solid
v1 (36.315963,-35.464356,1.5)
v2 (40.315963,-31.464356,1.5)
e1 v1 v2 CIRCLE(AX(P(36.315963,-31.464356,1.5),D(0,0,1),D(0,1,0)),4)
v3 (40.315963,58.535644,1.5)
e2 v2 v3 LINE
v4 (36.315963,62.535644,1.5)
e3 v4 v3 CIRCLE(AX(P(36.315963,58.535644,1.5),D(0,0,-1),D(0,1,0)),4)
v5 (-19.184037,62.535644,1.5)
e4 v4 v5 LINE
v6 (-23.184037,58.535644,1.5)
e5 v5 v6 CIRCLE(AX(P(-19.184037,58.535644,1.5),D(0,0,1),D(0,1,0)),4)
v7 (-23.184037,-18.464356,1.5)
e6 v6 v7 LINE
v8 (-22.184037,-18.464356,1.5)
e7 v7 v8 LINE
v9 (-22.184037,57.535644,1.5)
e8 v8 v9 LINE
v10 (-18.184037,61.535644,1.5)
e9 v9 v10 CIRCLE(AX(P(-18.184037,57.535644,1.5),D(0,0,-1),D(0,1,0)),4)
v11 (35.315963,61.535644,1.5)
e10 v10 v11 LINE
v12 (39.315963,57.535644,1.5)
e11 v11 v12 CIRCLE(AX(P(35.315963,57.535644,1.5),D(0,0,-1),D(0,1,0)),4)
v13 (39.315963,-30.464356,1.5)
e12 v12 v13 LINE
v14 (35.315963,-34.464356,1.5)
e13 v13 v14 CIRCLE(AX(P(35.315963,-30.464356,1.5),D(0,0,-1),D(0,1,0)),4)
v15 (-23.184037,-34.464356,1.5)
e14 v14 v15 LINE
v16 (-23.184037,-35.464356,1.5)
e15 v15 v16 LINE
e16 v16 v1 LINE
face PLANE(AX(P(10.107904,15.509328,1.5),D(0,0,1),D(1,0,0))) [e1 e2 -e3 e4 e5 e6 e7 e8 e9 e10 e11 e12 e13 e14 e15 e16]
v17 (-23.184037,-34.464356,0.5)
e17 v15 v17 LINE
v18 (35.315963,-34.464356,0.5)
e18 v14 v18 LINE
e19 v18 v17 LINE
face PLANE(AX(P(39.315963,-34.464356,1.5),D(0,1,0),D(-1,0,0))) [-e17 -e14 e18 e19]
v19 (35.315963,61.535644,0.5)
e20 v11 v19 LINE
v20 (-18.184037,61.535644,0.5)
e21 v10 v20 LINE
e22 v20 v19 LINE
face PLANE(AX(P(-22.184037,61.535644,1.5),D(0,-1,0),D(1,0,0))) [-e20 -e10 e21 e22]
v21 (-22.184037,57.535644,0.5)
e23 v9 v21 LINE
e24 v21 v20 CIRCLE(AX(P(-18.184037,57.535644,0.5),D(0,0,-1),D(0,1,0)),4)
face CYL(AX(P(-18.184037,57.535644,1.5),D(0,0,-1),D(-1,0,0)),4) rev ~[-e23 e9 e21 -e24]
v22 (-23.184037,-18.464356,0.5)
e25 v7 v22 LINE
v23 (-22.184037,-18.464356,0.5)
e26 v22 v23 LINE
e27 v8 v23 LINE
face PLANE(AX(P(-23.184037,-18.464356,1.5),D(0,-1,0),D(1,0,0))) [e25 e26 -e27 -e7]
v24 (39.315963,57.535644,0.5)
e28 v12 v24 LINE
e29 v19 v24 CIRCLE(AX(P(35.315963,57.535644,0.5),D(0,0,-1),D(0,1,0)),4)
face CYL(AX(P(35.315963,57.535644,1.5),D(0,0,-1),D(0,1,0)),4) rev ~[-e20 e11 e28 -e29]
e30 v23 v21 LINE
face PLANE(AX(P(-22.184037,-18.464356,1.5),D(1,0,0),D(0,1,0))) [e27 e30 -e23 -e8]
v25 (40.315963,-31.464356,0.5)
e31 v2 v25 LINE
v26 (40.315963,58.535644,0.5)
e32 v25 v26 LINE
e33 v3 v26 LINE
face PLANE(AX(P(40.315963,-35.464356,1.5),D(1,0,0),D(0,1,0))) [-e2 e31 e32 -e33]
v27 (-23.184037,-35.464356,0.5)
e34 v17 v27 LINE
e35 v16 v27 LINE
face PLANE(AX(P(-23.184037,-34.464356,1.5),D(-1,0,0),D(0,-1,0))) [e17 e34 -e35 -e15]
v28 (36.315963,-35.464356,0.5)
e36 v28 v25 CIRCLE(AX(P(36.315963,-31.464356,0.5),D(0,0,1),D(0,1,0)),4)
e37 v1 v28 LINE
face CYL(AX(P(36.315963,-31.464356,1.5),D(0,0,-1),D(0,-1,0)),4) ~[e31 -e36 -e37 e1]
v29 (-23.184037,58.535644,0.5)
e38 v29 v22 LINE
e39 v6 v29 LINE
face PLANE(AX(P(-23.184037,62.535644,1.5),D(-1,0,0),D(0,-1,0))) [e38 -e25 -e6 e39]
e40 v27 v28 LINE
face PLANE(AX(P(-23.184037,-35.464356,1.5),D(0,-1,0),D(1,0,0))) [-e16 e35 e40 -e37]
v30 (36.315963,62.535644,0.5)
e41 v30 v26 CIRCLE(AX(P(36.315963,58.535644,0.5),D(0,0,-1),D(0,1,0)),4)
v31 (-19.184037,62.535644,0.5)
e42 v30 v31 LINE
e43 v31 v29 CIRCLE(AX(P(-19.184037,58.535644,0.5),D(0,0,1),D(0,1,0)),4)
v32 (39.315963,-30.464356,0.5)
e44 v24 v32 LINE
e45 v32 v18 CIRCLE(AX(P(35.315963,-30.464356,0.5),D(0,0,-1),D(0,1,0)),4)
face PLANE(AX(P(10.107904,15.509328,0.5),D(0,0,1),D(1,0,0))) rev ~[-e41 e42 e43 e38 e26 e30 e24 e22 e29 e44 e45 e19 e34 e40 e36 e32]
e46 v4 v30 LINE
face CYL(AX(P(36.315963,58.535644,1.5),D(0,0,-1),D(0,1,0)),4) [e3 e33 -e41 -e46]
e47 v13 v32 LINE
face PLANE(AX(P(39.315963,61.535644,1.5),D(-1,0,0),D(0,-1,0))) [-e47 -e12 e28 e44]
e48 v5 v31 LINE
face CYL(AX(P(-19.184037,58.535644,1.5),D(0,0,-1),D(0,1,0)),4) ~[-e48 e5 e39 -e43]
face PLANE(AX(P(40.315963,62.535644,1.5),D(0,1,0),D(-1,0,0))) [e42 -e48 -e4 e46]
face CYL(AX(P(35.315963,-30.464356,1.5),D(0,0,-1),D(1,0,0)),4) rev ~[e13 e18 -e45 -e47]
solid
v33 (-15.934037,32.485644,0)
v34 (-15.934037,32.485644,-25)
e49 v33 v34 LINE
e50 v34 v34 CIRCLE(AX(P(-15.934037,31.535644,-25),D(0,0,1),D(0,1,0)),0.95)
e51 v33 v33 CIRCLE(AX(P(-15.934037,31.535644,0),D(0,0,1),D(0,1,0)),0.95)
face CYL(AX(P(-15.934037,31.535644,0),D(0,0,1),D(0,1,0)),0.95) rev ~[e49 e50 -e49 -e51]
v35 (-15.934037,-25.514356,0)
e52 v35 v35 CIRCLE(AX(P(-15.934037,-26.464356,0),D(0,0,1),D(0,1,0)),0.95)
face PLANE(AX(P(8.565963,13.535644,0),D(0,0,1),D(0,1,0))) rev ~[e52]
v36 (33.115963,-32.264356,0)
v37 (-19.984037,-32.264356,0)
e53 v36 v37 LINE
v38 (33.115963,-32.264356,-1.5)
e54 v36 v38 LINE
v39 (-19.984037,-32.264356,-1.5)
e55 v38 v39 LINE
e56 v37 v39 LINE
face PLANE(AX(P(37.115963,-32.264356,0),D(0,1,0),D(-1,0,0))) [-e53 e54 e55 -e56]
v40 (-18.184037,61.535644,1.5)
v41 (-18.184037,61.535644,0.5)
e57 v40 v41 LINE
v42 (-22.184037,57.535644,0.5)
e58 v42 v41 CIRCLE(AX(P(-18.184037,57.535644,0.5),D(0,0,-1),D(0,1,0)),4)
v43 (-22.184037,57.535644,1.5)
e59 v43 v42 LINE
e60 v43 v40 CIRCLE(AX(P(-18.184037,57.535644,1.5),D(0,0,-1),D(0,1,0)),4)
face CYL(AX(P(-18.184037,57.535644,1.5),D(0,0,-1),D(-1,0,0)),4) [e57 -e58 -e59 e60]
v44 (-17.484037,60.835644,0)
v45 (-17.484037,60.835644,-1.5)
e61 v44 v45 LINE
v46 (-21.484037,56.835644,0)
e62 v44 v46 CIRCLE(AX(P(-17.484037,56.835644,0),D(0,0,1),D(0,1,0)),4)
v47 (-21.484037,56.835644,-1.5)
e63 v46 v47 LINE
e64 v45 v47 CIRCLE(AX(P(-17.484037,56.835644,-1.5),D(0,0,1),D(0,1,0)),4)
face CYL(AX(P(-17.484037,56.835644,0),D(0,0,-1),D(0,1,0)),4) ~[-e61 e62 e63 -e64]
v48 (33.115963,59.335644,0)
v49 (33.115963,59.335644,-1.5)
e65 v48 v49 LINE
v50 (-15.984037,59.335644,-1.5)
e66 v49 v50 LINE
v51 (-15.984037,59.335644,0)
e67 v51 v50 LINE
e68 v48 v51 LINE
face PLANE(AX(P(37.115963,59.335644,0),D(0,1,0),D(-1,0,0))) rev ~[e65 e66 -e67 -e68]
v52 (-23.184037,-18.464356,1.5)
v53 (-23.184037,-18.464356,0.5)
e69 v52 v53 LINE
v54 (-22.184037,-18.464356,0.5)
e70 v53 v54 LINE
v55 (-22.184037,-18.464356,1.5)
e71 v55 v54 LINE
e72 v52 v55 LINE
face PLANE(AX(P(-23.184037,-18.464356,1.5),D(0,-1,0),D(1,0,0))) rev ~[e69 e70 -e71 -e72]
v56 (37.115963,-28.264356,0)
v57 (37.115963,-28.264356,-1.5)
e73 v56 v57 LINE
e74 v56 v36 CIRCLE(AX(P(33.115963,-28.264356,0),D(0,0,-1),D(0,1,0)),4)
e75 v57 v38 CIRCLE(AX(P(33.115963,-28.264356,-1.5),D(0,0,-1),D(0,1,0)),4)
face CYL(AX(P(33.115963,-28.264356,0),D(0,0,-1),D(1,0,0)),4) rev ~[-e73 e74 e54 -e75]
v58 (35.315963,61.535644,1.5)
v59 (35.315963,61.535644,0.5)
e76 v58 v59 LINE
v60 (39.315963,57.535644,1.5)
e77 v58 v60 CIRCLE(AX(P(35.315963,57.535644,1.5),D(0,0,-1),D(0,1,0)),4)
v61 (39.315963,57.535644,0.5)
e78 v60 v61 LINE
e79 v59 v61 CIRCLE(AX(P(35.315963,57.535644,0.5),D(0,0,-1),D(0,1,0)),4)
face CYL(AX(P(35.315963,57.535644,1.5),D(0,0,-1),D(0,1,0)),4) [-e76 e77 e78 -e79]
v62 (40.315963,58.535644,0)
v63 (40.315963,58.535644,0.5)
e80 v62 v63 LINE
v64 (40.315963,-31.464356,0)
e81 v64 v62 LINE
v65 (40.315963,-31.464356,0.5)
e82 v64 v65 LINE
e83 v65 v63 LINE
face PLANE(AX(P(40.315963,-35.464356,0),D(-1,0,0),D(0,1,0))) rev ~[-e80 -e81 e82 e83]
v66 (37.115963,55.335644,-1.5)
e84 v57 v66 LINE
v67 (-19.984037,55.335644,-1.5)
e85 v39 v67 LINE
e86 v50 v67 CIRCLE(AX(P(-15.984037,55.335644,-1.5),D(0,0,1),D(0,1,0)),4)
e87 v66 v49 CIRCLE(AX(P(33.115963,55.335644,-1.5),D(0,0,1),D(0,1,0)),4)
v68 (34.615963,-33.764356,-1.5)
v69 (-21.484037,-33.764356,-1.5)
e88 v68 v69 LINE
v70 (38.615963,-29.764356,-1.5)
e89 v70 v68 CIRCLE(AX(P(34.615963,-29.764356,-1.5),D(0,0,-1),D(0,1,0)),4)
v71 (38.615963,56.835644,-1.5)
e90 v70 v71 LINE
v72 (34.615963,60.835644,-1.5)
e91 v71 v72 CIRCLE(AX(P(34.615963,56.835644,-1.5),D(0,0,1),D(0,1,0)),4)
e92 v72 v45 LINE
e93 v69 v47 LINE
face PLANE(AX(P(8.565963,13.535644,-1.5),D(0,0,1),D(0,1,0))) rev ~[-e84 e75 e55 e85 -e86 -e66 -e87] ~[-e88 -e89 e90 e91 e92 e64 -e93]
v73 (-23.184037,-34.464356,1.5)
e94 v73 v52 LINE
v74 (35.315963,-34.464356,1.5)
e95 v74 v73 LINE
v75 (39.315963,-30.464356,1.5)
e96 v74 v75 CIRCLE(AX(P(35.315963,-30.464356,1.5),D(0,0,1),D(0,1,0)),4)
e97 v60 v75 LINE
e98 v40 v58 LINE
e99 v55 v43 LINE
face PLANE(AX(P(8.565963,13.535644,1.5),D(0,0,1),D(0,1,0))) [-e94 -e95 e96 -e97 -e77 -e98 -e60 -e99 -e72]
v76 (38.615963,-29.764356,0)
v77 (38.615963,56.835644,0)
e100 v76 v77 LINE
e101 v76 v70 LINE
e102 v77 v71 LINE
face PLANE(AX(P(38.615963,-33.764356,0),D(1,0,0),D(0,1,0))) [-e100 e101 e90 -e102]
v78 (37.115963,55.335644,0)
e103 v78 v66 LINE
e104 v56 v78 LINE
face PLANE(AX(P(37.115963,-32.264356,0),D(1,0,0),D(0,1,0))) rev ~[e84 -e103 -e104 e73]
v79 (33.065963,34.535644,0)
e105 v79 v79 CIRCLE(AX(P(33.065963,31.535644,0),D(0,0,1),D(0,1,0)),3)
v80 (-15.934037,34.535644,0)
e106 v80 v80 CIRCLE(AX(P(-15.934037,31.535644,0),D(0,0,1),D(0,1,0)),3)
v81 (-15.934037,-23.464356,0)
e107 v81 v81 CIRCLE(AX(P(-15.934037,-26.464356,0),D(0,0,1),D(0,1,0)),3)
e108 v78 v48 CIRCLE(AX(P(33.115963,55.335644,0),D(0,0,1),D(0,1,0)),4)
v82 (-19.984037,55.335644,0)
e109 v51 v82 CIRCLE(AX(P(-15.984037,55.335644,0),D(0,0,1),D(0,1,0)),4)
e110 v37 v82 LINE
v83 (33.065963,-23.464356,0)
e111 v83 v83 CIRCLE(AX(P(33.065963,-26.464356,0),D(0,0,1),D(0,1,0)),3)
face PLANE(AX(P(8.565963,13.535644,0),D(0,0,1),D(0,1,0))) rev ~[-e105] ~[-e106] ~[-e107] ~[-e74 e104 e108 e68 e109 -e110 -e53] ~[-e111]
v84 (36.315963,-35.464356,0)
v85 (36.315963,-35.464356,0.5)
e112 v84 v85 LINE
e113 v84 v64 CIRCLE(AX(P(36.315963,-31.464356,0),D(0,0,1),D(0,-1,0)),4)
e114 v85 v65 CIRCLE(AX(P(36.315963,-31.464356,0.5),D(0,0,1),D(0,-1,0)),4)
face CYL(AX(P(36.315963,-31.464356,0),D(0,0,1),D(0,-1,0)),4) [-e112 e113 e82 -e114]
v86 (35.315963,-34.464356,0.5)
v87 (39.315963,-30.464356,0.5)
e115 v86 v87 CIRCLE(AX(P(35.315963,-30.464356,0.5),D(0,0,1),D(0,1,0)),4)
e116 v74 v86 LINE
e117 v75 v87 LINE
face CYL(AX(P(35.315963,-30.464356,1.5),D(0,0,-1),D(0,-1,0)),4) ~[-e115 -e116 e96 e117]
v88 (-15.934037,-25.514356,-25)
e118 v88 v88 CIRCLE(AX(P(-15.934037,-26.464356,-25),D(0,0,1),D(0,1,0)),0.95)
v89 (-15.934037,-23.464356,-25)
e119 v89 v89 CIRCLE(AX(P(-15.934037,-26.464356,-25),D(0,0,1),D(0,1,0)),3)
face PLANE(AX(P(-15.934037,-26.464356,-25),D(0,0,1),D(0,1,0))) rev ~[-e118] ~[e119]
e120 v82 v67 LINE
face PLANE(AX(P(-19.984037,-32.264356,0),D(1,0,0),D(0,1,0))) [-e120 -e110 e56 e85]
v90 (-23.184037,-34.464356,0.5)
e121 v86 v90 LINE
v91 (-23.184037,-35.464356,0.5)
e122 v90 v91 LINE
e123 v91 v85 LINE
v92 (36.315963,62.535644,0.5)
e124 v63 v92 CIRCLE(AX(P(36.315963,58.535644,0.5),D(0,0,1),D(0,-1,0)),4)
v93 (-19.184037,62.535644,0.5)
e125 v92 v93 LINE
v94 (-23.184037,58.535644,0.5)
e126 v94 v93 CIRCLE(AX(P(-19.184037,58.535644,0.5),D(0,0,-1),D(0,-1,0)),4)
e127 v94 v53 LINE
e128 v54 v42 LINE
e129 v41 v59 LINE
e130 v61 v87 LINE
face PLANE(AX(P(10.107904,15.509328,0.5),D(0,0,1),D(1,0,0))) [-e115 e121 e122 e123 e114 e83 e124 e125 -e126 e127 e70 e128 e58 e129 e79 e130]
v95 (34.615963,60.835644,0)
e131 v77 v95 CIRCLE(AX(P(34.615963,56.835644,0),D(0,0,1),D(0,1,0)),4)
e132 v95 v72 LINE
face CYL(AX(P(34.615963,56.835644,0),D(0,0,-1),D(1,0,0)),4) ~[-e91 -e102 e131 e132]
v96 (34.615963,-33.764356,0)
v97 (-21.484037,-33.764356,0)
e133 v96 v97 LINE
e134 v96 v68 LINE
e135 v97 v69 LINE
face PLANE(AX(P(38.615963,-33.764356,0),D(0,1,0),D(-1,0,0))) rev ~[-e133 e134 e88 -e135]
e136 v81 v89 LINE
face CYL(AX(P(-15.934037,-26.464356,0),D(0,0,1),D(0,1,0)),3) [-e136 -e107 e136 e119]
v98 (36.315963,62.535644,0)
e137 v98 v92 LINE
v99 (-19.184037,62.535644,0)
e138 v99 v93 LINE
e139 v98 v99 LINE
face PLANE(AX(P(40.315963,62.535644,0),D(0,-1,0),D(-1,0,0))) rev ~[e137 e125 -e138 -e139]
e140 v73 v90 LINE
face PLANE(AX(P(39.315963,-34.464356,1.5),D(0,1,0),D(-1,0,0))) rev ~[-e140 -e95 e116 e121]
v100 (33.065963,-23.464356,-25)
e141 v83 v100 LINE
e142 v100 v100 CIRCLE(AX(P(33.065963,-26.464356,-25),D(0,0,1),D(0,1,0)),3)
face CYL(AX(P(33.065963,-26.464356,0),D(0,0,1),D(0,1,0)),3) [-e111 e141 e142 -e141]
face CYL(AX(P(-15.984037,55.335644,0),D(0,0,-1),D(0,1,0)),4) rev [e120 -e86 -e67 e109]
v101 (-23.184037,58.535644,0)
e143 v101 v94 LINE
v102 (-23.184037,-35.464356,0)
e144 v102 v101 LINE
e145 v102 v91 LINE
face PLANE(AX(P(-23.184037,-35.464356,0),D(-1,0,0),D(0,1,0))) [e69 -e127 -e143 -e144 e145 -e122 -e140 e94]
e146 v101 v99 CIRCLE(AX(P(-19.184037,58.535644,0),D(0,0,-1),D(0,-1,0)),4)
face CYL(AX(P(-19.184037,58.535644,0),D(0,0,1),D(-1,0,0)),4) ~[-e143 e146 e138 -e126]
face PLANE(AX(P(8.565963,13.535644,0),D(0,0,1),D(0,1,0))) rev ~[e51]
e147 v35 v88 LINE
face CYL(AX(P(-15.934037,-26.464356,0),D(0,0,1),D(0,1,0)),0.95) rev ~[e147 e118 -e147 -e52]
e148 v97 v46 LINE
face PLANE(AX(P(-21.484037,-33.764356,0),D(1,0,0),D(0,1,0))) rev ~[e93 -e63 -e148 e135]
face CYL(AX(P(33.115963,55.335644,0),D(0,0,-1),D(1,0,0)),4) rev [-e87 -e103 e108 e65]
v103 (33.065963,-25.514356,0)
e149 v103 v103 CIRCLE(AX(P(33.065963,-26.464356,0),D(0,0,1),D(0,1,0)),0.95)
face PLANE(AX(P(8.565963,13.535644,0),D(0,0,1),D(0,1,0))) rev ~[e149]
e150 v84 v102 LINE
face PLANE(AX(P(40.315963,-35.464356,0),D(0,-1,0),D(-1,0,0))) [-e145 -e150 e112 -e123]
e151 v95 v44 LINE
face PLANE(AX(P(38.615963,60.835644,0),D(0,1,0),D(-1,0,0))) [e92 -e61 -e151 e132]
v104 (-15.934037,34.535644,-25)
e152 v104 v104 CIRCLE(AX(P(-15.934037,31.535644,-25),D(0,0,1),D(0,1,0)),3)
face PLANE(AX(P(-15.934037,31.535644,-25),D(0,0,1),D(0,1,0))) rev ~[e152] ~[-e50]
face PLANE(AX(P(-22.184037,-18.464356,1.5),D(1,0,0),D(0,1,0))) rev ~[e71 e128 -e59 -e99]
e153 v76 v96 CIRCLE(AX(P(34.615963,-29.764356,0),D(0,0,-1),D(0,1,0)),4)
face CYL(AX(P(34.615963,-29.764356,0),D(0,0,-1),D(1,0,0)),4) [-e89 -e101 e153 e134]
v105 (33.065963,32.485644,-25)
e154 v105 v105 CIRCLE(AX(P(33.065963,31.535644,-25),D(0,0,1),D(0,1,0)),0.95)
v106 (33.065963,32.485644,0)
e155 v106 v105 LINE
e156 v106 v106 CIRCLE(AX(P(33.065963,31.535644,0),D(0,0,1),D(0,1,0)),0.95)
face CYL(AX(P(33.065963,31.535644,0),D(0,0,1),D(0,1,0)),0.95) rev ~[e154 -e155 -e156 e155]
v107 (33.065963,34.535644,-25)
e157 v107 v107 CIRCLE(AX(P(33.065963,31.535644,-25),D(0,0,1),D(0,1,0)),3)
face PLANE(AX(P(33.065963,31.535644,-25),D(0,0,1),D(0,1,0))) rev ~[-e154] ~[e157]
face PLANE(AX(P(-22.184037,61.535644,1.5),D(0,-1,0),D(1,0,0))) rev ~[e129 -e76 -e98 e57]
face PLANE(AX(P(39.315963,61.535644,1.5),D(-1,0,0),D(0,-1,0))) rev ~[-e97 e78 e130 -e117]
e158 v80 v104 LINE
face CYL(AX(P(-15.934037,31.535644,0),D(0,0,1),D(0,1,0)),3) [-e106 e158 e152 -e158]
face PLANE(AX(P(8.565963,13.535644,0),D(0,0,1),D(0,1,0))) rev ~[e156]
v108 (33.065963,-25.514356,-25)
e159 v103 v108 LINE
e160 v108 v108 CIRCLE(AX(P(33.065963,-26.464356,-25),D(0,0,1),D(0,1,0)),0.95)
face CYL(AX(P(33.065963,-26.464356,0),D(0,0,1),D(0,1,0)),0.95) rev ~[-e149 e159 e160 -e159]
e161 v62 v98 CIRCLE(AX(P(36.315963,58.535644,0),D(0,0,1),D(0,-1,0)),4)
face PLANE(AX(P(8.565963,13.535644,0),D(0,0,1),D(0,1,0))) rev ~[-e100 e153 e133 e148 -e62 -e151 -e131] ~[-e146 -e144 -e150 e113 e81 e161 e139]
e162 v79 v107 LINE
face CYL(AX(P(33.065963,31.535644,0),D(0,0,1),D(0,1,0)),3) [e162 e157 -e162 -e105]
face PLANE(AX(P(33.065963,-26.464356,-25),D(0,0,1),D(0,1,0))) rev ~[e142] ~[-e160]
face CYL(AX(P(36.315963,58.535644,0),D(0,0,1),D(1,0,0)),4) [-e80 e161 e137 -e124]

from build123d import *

# Parameters (mm, degrees)
SKETCH1_W           = 98
SKETCH1_H           = 63.5
BOSS_EXTRUDE1_DEPTH = 1.5
SKETCH1_3_W         = 94.6
SKETCH1_3_H         = 60.1
SKETCH1_3_W_2       = 91.6
SKETCH1_3_H_2       = 57.1
BOSS_EXTRUDE2_DEPTH = 1.5
SKETCH1_5_R         = 3
SKETCH1_5_R_2       = 0.95
BOSS_EXTRUDE3_DEPTH = 25
CUT_EXTRUDE1_DEPTH  = 1
FILLET1_R           = 4
BOSS_EXTRUDE4_DEPTH = 1
FILLET2_R           = 4


with BuildPart() as part:
    # Sketch1 → Boss-Extrude1 (new body)
    with BuildSketch(Plane(origin=(0, 0, 0), x_dir=(0, 1, 0), z_dir=(0, 0, 1))):
        with Locations((13.535644201, -8.565962884)):
            Rectangle(SKETCH1_W, SKETCH1_H)
    extrude(amount=BOSS_EXTRUDE1_DEPTH)

    # Sketch1<3> → Boss-Extrude2 (add)
    with BuildSketch(Plane(origin=(0, 0, 0), x_dir=(0, 1, 0), z_dir=(0, 0, 1))):
        with Locations((13.535644201, -8.565962884)):
            Rectangle(SKETCH1_3_W, SKETCH1_3_H)
        with Locations((13.535644201, -8.565962884)):
            Rectangle(SKETCH1_3_W_2, SKETCH1_3_H_2, mode=Mode.SUBTRACT)
    extrude(amount=-BOSS_EXTRUDE2_DEPTH)

    # Sketch1<5> → Boss-Extrude3 (add)
    with BuildSketch(Plane(origin=(0, 0, 0), x_dir=(0, 1, 0), z_dir=(0, 0, 1))):
        with Locations((31.535644201, -33.065962884)):
            Circle(SKETCH1_5_R)
        with Locations((31.535644201, -33.065962884)):
            Circle(SKETCH1_5_R_2, mode=Mode.SUBTRACT)
        with Locations((31.535644201, 15.934037116)):
            Circle(SKETCH1_5_R)
        with Locations((31.535644201, 15.934037116)):
            Circle(SKETCH1_5_R_2, mode=Mode.SUBTRACT)
        with Locations((-26.464355799, 15.934037116)):
            Circle(SKETCH1_5_R)
        with Locations((-26.464355799, 15.934037116)):
            Circle(SKETCH1_5_R_2, mode=Mode.SUBTRACT)
        with Locations((-26.464355799, -33.065962884)):
            Circle(SKETCH1_5_R)
        with Locations((-26.464355799, -33.065962884)):
            Circle(SKETCH1_5_R_2, mode=Mode.SUBTRACT)
    extrude(amount=-BOSS_EXTRUDE3_DEPTH)

    # Sketch3 → Cut-Extrude1 (cut)
    with BuildSketch(Plane.XY.offset(1.5)):
        Polygon((40.315962884, 62.535644201), (-23.184037116, 62.535644201), (-23.184037116, -18.464355799), (-22.184037116, -18.464355799), (-22.184037116, 61.535644201), (39.315962884, 61.535644201), (39.315962884, -34.464355799), (-22.184037116, -34.464355799), (-23.184037116, -34.464355799), (-23.184037116, -35.464355799), (40.315962884, -35.464355799), align=None)
    extrude(amount=-CUT_EXTRUDE1_DEPTH, mode=Mode.SUBTRACT)

    # Fillet1
    fillet1_edges = [part.edges().sort_by_distance(p)[0] for p in [
        (38.615962884, -33.764355799, -0.75),
        (-21.484037116, 60.835644201, -0.75),
        (38.615962884, 60.835644201, -0.75),
        (-19.984037116, 59.335644201, -0.75),
        (37.115962884, 59.335644201, -0.75),
        (37.115962884, -32.264355799, -0.75),
        (-23.184037116, 62.535644201, 0.25),
        (40.315962884, 62.535644201, 0.25),
        (40.315962884, -35.464355799, 0.25),
        (39.315962884, -34.464355799, 1),
        (39.315962884, 61.535644201, 1),
        (-22.184037116, 61.535644201, 1),
    ]]
    fillet(fillet1_edges, radius=FILLET1_R)


with BuildPart() as body_2:
    # Sketch3<3> → Boss-Extrude4 (new body)
    with BuildSketch(Plane.XY.offset(1.5)):
        Polygon((40.315962884, 62.535644201), (-23.184037116, 62.535644201), (-23.184037116, -18.464355799), (-22.184037116, -18.464355799), (-22.184037116, 61.535644201), (39.315962884, 61.535644201), (39.315962884, -34.464355799), (-22.184037116, -34.464355799), (-23.184037116, -34.464355799), (-23.184037116, -35.464355799), (40.315962884, -35.464355799), align=None)
    extrude(amount=-BOSS_EXTRUDE4_DEPTH)

    # Fillet2
    fillet2_edges = [body_2.edges().sort_by_distance(p)[0] for p in [
        (-22.184037116, 61.535644201, 1),
        (39.315962884, 61.535644201, 1),
        (39.315962884, -34.464355799, 1),
        (40.315962884, -35.464355799, 1),
        (40.315962884, 62.535644201, 1),
        (-23.184037116, 62.535644201, 1),
    ]]
    fillet(fillet2_edges, radius=FILLET2_R)


solid = Compound([part.part, body_2.part])
